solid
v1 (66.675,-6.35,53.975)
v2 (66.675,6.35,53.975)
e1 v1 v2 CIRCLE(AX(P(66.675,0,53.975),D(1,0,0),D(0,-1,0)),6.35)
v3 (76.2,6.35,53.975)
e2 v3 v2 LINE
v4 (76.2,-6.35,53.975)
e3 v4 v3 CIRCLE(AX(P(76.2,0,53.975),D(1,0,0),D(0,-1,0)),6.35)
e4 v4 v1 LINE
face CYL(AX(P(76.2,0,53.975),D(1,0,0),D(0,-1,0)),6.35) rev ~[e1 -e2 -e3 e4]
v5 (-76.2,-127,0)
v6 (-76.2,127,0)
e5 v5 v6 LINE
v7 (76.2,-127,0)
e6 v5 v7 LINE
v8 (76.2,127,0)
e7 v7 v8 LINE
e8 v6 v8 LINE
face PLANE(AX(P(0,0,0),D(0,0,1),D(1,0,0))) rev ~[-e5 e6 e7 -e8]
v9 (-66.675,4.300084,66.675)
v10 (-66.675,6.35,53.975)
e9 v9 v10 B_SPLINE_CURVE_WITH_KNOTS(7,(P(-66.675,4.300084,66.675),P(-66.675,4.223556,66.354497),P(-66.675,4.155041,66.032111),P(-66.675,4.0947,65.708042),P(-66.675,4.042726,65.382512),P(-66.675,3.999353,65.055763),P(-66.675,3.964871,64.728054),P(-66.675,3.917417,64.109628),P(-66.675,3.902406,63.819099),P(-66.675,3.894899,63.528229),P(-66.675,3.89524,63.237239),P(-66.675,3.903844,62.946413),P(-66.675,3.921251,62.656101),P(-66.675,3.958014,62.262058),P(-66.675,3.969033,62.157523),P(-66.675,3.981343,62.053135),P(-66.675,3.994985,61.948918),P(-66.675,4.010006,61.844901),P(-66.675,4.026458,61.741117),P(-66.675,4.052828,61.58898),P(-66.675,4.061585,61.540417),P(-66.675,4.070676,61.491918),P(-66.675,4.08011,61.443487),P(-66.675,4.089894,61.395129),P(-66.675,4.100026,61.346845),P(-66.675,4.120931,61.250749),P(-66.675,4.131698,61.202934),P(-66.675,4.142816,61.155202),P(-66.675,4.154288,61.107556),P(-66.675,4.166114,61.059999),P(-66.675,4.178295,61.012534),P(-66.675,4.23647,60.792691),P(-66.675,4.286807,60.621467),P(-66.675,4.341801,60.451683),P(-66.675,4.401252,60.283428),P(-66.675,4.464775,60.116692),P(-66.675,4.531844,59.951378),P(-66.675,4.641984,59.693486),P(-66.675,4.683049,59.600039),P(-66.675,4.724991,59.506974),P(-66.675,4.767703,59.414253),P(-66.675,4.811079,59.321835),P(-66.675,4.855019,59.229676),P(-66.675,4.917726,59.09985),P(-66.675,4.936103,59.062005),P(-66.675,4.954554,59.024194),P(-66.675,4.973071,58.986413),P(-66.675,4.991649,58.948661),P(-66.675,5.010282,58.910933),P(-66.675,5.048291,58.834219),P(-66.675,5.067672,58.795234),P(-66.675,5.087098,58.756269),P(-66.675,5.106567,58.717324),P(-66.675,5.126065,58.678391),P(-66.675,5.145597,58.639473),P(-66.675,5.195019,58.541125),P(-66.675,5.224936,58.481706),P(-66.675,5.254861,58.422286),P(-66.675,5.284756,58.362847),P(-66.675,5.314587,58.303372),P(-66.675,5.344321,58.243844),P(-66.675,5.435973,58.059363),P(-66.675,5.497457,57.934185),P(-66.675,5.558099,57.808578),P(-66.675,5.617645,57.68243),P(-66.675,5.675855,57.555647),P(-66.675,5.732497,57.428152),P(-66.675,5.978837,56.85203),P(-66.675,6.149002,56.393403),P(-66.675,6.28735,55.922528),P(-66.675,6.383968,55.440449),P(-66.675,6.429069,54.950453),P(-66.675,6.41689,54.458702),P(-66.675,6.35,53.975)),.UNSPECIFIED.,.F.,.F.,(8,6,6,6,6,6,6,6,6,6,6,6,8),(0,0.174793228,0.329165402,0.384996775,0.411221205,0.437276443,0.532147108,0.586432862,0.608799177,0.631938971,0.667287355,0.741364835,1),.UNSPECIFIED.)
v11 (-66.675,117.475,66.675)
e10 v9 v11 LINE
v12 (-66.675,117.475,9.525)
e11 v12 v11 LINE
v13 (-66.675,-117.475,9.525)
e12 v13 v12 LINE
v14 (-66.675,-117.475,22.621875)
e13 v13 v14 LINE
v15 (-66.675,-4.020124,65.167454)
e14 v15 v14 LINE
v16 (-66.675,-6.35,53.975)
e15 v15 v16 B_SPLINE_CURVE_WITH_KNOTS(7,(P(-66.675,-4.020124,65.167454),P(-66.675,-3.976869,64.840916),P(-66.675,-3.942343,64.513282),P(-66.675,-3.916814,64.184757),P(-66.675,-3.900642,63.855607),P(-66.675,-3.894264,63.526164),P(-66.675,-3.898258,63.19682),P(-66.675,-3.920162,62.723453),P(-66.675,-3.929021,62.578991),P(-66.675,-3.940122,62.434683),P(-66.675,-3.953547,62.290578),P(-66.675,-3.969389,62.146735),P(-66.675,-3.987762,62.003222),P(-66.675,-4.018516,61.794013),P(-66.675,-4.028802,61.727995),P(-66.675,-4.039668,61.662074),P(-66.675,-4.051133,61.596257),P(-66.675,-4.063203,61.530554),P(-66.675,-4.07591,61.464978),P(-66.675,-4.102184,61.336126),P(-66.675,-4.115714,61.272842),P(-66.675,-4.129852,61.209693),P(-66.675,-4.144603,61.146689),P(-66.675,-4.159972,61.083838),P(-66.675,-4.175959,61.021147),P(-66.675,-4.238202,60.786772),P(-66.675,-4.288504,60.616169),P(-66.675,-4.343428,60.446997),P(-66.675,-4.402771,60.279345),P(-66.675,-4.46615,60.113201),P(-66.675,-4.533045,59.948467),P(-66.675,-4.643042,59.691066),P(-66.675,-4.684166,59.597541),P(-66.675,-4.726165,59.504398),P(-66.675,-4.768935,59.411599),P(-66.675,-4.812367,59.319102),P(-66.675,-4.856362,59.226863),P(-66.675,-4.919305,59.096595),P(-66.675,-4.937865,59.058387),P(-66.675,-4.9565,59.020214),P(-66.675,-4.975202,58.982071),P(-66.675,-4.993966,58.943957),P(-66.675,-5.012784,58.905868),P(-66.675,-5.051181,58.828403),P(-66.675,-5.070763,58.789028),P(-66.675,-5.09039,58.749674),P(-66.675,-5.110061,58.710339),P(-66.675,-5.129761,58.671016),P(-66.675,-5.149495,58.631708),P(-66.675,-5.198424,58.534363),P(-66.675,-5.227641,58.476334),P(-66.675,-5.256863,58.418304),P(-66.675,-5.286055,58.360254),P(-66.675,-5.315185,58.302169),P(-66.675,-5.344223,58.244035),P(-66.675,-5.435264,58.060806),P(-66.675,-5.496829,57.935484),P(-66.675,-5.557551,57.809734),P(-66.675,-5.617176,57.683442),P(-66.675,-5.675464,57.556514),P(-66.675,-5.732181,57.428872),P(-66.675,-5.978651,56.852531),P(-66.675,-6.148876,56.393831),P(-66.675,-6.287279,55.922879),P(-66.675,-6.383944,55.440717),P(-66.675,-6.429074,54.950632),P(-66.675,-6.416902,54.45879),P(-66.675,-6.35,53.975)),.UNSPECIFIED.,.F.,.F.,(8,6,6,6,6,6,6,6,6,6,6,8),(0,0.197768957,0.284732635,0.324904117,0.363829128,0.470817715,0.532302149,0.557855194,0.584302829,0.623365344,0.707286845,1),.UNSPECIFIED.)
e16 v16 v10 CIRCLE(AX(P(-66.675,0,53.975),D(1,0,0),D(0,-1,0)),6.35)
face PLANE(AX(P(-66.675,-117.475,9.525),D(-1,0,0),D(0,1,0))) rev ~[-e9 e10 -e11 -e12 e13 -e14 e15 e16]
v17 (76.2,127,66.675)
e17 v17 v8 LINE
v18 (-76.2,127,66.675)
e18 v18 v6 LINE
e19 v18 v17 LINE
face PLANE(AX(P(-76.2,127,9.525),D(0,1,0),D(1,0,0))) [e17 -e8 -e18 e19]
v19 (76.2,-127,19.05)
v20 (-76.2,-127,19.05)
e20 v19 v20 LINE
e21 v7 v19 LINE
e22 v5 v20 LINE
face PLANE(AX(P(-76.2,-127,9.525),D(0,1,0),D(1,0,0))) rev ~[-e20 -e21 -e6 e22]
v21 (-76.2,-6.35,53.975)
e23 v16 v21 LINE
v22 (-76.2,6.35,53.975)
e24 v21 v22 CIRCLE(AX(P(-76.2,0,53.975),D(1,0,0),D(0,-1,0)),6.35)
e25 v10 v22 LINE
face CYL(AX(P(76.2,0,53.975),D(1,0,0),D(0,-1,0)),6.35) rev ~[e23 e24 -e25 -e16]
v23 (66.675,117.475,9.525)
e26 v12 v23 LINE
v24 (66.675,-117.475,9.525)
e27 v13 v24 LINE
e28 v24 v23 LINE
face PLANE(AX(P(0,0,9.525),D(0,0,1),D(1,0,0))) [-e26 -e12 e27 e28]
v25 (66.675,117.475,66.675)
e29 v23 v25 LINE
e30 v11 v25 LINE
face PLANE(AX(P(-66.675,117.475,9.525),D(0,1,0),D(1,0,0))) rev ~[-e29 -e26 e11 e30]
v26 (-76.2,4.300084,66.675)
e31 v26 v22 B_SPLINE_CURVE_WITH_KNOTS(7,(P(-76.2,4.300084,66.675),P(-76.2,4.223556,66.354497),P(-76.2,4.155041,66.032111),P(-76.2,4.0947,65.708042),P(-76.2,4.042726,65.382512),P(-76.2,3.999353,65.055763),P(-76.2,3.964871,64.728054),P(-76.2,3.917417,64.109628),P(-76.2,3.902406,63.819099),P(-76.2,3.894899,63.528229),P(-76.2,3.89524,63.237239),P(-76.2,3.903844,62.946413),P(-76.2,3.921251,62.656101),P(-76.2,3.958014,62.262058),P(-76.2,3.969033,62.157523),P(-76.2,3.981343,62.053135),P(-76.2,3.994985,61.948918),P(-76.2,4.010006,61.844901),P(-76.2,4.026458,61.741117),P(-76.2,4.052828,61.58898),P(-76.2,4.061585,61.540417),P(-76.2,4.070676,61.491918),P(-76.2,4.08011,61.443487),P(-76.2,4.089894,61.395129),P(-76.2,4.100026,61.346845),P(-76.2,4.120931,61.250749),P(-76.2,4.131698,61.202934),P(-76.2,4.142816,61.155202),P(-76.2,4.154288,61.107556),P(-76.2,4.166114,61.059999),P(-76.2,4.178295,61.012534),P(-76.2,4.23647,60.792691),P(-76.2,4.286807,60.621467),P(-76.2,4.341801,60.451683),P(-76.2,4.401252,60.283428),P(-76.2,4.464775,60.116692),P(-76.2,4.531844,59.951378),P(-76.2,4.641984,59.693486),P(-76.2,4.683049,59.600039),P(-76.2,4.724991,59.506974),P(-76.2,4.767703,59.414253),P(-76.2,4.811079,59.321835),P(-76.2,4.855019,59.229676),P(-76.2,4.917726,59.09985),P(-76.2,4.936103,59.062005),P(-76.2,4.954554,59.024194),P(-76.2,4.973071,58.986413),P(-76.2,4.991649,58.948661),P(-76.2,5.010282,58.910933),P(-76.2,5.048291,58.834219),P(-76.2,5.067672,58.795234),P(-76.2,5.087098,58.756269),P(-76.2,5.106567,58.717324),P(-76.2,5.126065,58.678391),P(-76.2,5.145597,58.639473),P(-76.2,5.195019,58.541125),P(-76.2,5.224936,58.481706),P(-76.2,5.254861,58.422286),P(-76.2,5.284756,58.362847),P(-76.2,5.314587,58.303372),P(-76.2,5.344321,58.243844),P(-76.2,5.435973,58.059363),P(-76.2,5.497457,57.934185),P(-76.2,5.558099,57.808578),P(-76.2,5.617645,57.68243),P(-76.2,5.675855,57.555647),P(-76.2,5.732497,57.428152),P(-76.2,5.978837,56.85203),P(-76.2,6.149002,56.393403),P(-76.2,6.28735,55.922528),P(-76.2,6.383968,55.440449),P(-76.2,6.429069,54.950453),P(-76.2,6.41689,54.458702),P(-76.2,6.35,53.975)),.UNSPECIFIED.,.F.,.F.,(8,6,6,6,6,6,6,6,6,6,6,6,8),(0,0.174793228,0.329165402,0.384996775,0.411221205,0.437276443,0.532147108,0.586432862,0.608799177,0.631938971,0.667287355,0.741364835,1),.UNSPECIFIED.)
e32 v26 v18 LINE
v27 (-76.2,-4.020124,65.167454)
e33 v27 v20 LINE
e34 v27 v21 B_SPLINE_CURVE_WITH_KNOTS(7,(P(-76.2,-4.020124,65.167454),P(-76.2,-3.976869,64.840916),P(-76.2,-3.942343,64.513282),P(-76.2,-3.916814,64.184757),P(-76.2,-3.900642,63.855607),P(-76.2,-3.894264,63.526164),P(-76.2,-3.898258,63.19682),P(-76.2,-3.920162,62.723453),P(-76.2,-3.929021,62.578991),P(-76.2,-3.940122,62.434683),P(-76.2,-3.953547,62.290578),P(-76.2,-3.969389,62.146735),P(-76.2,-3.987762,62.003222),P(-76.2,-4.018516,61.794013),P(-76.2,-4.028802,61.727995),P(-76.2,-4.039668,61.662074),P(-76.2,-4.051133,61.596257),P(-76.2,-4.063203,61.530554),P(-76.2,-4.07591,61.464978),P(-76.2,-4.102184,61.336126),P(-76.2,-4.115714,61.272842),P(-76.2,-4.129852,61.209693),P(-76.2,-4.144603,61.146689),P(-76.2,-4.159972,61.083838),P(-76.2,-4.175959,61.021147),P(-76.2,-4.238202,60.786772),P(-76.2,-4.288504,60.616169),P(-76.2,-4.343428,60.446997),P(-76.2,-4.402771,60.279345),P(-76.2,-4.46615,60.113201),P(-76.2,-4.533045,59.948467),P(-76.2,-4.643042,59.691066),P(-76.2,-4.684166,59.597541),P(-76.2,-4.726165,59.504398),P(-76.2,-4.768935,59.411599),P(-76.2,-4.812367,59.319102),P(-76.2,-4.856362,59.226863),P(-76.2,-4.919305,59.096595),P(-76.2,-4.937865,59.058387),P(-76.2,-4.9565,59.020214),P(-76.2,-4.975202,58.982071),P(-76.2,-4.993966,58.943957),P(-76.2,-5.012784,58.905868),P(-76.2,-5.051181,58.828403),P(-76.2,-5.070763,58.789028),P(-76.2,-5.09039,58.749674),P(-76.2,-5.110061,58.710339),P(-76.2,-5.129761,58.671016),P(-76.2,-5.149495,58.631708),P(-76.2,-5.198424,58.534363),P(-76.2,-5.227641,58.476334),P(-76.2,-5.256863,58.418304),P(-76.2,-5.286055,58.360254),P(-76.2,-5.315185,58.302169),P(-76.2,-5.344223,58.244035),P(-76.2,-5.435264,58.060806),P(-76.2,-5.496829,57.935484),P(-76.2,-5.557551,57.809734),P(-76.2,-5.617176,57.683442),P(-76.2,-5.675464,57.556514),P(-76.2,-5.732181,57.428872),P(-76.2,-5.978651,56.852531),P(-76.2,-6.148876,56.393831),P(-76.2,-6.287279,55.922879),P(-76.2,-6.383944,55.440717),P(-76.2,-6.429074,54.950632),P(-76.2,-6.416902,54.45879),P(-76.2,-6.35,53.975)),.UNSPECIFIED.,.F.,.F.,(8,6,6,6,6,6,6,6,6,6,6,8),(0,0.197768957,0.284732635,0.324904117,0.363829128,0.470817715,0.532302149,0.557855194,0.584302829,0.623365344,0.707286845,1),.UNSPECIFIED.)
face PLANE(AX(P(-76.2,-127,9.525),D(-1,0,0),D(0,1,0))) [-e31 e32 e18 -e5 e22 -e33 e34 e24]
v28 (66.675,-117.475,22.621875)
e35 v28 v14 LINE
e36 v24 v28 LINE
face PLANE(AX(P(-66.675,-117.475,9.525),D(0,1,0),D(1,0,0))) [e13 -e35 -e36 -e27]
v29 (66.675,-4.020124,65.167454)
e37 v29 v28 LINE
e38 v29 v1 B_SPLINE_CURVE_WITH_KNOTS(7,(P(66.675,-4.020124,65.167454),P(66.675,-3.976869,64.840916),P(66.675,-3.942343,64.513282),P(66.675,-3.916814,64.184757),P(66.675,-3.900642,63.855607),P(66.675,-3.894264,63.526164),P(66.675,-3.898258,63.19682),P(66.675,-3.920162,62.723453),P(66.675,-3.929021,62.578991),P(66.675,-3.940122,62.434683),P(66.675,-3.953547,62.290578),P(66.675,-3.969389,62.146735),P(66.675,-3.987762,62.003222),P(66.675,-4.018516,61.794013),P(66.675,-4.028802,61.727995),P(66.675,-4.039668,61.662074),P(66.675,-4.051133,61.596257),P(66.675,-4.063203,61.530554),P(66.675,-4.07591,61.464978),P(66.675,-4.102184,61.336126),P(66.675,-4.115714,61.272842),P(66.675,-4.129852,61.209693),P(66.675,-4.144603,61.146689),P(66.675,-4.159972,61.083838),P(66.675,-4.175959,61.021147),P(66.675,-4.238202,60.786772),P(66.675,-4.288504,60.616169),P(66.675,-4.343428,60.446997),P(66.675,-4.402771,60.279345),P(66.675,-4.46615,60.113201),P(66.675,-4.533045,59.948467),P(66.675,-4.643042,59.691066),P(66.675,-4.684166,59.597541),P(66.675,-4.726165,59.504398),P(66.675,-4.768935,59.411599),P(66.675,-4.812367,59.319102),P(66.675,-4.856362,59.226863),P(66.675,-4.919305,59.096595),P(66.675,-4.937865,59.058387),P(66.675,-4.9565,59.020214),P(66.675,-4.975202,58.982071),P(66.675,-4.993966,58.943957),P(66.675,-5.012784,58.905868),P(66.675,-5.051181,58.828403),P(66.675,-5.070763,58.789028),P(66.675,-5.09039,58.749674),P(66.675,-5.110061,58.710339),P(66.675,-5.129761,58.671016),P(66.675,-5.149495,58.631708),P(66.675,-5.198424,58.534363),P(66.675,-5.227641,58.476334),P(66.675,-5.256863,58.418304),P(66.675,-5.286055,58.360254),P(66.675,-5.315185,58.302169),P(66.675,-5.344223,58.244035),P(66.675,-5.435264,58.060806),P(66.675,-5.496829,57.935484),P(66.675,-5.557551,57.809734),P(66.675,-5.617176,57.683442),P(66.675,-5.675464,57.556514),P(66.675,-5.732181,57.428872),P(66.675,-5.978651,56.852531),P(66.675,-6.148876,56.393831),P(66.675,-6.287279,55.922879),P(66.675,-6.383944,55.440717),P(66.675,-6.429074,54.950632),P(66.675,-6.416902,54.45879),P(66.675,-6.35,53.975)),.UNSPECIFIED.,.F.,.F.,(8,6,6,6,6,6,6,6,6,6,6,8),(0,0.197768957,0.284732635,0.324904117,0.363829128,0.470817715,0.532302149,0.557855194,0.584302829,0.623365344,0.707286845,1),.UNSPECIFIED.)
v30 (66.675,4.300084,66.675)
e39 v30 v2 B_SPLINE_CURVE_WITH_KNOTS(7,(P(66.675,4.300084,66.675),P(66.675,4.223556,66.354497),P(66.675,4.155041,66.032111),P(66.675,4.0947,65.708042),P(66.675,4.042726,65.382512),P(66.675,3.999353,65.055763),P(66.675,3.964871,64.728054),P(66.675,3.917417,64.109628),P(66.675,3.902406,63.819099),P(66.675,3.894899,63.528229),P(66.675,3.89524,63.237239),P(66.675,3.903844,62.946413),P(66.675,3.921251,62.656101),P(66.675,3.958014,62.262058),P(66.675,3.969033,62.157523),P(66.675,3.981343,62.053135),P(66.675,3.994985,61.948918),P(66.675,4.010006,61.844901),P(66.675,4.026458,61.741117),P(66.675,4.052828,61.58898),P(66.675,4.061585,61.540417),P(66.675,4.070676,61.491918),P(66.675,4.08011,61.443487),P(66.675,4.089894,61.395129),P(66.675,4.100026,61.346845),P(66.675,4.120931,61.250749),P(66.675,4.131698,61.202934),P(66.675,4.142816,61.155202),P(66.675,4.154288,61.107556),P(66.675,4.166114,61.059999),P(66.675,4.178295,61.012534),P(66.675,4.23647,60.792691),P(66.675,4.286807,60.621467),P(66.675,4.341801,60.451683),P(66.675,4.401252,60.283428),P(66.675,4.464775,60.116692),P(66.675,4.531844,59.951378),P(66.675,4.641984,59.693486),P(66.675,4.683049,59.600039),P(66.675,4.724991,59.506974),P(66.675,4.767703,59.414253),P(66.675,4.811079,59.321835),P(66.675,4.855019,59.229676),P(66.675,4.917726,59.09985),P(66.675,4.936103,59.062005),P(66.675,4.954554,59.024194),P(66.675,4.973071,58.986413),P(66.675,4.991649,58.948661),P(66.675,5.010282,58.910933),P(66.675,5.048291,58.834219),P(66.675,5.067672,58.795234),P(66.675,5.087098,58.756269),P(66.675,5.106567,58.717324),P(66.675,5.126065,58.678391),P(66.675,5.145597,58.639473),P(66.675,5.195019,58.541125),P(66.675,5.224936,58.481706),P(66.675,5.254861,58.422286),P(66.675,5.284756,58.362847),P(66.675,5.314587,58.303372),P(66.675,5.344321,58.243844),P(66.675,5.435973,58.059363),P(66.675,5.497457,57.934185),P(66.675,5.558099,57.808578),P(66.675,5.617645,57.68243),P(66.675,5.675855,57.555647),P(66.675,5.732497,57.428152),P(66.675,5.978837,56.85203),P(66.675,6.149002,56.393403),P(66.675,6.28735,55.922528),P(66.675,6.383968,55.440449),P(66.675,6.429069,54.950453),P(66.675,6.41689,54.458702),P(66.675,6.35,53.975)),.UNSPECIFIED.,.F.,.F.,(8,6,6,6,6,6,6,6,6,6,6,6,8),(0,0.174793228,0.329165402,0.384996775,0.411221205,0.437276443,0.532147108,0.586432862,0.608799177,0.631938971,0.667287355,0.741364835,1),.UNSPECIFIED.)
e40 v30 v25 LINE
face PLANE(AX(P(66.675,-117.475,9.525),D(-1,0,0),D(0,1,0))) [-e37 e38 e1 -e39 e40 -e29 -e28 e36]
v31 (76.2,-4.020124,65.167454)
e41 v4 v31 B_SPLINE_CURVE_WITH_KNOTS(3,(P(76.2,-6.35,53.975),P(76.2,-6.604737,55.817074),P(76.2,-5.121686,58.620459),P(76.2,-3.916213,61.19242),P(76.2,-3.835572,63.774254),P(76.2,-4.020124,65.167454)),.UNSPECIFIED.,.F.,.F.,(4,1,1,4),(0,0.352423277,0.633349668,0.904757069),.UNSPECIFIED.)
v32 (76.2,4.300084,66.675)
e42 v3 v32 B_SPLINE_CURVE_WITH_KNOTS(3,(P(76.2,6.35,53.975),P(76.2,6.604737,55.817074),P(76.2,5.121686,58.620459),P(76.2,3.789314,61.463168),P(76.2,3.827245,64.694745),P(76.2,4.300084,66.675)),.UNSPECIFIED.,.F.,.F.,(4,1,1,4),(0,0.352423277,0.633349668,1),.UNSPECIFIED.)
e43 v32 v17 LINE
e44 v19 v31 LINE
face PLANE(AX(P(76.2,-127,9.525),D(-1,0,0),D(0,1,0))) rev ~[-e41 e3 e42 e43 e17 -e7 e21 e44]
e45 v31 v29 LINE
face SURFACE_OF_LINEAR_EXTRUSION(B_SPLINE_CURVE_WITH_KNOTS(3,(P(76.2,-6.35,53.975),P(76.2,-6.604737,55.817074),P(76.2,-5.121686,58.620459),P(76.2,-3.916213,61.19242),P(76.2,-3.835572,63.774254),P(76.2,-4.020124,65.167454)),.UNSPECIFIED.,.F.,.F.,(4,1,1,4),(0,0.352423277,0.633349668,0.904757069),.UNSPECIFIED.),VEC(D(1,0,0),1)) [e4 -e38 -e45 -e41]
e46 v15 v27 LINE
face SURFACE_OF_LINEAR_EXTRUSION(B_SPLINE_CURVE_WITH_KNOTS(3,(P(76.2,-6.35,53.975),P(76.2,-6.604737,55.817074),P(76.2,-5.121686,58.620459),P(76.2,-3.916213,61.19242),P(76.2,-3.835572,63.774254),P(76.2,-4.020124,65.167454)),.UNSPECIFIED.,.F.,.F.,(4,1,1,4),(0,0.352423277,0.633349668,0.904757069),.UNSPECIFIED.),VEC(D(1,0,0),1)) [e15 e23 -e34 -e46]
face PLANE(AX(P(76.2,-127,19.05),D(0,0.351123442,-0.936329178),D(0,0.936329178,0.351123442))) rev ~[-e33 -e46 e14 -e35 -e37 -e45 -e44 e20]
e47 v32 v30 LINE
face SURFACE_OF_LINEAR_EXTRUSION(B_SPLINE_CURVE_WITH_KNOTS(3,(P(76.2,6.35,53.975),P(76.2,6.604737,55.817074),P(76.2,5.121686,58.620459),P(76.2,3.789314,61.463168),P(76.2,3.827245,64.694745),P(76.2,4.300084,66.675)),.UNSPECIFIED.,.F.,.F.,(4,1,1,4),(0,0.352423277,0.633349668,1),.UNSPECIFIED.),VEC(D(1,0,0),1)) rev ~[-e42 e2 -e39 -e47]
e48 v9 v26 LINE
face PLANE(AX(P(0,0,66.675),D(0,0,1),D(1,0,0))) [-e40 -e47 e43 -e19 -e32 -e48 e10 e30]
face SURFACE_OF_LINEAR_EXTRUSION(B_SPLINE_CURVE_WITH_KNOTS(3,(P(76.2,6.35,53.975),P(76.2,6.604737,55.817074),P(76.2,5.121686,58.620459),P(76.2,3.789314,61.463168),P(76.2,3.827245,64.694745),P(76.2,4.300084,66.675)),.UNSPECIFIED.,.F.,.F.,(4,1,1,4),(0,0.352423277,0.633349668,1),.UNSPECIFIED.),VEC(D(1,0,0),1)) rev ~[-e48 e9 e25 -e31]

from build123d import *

# Parameters (mm, degrees)
F0_W     = 152.4
F0_H     = 254
F1_DEPTH = 9.525
F2_W     = 152.4
F2_H     = 254
F2_W_2   = 133.35
F2_H_2   = 234.95
F3_DEPTH = 57.15
F5_DEPTH = 152.401


with BuildPart() as f1:
    # F0 (on Top) → F1 (new body)
    with BuildSketch(Plane.XY):
        Rectangle(F0_W, F0_H)
    extrude(amount=F1_DEPTH)

    # F2 (on face) → F3 (join)
    with BuildSketch(Plane.XY.offset(9.525)):
        Rectangle(F2_W, F2_H)
        Rectangle(F2_W_2, F2_H_2, mode=Mode.SUBTRACT)
    extrude(amount=F3_DEPTH)

    # F4 (on face) → F5 (cut, through all)
    with BuildSketch(Plane.YZ.offset(76.2)):
        with BuildLine():
            Line((-127, 66.675), (-127, 19.05))
            Line((-127, 19.05), (-4.0201239704, 65.1674535111))
            add(Edge.make_bspline(
                [(-4.0201239704, 65.1674535111), (-4.084887365, 65.6563585182), (-4.1772574136, 66.1605990618), (-4.3000844307, 66.675)],
                knots=[0.9047570689, 0.9047570689, 0.9047570689, 0.9047570689, 1, 1, 1, 1], degree=3))
            Line((-4.3000844307, 66.675), (-127, 66.675))
        make_face()
        with BuildLine():
            Line((0, 66.675), (-4.0201239704, 65.1674535111))
            add(Edge.make_bspline(
                [(-6.35, 53.975), (-6.6047369801, 55.8170739007), (-5.1216855945, 58.6204590718), (-3.916212623, 61.1924199541), (-3.8355720634, 63.7742536647), (-4.0201239704, 65.1674535111)],
                knots=[0, 0, 0, 0, 0.3524232767, 0.6333496684, 0.9047570689, 0.9047570689, 0.9047570689, 0.9047570689], degree=3))
            ThreePointArc((-6.35, 53.975), (0, 60.325), (6.35, 53.975))
            add(Edge.make_bspline(
                [(6.35, 53.975), (6.6047369801, 55.8170739007), (5.1216855945, 58.6204590718), (3.7893136098, 61.4631678727), (3.8272454912, 64.6947451687), (4.3000844307, 66.675)],
                knots=[0, 0, 0, 0, 0.3524232767, 0.6333496684, 1, 1, 1, 1], degree=3))
            Line((4.3000844307, 66.675), (0, 66.675))
        make_face()
        with BuildLine():
            ThreePointArc((6.35, 53.975), (0, 60.325), (-6.35, 53.975))
            ThreePointArc((-6.35, 53.975), (0, 47.625), (6.35, 53.975))
        make_face()
        with BuildLine():
            add(Edge.make_bspline(
                [(-4.0201239704, 65.1674535111), (-4.084887365, 65.6563585182), (-4.1772574136, 66.1605990618), (-4.3000844307, 66.675)],
                knots=[0.9047570689, 0.9047570689, 0.9047570689, 0.9047570689, 1, 1, 1, 1], degree=3))
            Line((-4.0201239704, 65.1674535111), (0, 66.675))
            Line((0, 66.675), (-4.3000844307, 66.675))
        make_face()
    extrude(amount=-F5_DEPTH, mode=Mode.SUBTRACT)


solid = f1.part
